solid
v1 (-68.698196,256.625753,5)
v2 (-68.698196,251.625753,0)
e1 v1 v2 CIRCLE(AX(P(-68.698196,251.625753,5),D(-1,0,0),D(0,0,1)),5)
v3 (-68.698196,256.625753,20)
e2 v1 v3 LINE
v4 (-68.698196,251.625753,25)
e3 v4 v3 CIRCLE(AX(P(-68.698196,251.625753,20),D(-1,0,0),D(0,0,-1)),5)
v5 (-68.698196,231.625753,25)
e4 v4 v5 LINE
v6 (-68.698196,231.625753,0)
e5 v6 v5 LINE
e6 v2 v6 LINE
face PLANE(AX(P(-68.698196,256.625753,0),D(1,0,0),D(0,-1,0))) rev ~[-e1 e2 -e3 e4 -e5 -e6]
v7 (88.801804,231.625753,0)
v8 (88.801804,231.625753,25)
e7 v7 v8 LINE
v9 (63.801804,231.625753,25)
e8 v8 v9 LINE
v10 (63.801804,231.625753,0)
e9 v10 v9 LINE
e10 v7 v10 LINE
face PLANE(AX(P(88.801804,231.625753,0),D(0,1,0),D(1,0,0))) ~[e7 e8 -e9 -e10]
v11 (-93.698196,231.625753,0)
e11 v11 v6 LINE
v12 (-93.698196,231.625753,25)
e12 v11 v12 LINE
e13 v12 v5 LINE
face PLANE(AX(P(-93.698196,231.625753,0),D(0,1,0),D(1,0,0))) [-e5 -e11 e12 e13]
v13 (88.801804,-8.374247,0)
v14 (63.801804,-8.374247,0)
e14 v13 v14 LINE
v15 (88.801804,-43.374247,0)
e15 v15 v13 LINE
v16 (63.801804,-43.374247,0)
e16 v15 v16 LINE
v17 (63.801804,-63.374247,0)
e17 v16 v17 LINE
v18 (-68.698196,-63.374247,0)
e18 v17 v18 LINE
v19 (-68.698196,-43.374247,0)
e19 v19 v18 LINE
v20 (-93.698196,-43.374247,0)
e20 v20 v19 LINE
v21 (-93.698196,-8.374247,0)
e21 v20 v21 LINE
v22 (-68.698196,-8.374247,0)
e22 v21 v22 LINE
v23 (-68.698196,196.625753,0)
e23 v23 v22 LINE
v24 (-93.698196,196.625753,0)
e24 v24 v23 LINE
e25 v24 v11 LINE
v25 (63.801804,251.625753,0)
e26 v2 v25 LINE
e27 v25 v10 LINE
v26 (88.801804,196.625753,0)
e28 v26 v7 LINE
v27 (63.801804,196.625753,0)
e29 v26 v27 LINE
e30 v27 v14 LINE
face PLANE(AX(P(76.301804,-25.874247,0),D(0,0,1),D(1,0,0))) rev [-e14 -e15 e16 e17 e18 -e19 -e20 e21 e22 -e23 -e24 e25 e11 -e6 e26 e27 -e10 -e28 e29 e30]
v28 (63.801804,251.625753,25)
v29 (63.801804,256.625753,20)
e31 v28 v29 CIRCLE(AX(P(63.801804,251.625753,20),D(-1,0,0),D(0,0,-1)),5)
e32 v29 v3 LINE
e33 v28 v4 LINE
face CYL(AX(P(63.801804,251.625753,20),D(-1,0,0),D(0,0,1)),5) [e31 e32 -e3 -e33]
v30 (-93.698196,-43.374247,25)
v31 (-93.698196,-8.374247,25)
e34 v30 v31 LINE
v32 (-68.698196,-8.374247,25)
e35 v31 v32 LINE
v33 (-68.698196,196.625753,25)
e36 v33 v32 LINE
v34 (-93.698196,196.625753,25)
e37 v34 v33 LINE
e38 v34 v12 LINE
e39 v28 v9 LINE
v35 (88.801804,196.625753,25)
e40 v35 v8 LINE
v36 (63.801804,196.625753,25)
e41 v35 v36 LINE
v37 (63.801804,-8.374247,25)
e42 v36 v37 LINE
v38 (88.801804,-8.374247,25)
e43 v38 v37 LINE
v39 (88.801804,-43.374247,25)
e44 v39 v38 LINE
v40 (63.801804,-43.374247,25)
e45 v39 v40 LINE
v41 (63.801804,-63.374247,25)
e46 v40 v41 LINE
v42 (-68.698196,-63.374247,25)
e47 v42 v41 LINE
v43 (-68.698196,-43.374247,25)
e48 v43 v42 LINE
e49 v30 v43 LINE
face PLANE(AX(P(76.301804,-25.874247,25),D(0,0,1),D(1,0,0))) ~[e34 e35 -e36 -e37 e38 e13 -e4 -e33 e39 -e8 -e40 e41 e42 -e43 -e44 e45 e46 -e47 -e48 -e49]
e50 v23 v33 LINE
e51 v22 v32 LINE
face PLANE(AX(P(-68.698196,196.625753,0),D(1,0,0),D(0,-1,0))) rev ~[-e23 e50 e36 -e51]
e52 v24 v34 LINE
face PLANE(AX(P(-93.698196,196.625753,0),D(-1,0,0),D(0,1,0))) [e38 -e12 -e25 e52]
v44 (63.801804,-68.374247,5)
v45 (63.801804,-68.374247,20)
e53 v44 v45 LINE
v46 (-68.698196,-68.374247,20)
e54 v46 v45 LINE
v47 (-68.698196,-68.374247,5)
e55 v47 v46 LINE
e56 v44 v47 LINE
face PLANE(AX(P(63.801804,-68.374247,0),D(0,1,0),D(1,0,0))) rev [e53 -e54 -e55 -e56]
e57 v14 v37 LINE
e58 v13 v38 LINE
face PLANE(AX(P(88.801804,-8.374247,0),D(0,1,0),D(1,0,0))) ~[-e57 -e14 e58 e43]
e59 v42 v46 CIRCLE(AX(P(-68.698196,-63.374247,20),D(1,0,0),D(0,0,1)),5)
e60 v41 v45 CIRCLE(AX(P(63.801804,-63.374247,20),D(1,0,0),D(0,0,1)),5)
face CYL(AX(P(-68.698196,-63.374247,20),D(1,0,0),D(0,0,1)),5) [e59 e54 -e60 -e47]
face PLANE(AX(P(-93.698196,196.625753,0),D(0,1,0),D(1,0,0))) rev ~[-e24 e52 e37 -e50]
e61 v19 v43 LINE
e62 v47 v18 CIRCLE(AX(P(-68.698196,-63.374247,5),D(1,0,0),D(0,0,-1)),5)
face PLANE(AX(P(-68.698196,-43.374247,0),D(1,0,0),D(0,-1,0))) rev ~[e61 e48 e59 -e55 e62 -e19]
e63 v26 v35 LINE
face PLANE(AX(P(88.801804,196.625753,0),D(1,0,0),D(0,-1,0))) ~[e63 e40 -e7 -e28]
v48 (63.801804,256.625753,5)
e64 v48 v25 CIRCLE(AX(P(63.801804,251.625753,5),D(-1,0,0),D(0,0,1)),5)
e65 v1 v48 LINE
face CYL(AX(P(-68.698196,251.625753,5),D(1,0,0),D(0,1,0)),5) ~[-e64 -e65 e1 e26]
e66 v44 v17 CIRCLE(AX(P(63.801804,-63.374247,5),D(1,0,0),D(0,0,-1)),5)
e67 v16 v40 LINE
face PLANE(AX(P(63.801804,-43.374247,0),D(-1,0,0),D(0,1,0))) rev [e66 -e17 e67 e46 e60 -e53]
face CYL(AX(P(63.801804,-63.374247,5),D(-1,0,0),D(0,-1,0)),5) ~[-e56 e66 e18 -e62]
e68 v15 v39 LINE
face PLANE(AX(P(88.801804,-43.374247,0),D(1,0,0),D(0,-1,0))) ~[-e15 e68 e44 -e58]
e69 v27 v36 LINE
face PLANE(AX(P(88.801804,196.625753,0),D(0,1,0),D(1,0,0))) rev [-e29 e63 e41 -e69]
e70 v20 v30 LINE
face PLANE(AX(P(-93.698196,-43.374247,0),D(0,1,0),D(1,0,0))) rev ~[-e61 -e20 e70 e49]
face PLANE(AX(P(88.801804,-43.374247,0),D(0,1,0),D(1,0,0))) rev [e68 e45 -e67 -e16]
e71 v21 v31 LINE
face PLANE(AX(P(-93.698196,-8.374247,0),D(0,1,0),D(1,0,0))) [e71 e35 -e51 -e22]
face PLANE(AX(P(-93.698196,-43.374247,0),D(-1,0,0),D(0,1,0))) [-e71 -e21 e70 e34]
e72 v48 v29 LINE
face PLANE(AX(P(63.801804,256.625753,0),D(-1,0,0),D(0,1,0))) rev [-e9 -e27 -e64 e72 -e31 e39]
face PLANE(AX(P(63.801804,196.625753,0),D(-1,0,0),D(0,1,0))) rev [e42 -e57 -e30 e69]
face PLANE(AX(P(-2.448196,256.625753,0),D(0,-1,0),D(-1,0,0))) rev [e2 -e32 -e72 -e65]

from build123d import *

# Parameters (mm, degrees)
F0_W     = 25
F0_H     = 35
F1_DEPTH = 25
F3_R     = 5


with BuildPart() as f1:
    # F0 (on Top) → F1 (new body)
    with BuildSketch(Plane.XY):
        with Locations((-81.198196, -25.874247)):
            Rectangle(F0_W, F0_H)
        with Locations((-81.198196, 214.125753)):
            Rectangle(F0_W, F0_H)
        Polygon((-2.448196, 256.625753), (-68.698196, 256.625753), (-68.698196, 231.625753), (-68.698196, 196.625753), (-68.698196, -8.374247), (-68.698196, -43.374247), (-68.698196, -68.374247), (-2.448196, -68.374247), align=None)
    extrude(amount=F1_DEPTH)

    # F2: F1 across face


with BuildPart() as f1_1:
    add(f1.part)
    add(f1.part.mirror(Plane(origin=(-2.448196, 94.125753, 12.5), x_dir=(0, 1, 0), z_dir=(1, 0, 0))))

    # F3
    f3_edges = [f1_1.edges().sort_by_distance(p)[0] for p in [
        (-2.448196, 256.625753, 0),
        (-2.448196, 256.625753, 25),
        (-2.448196, -68.374247, 0),
        (-2.448196, -68.374247, 25),
    ]]
    fillet(f3_edges, radius=F3_R)


solid = f1_1.part
